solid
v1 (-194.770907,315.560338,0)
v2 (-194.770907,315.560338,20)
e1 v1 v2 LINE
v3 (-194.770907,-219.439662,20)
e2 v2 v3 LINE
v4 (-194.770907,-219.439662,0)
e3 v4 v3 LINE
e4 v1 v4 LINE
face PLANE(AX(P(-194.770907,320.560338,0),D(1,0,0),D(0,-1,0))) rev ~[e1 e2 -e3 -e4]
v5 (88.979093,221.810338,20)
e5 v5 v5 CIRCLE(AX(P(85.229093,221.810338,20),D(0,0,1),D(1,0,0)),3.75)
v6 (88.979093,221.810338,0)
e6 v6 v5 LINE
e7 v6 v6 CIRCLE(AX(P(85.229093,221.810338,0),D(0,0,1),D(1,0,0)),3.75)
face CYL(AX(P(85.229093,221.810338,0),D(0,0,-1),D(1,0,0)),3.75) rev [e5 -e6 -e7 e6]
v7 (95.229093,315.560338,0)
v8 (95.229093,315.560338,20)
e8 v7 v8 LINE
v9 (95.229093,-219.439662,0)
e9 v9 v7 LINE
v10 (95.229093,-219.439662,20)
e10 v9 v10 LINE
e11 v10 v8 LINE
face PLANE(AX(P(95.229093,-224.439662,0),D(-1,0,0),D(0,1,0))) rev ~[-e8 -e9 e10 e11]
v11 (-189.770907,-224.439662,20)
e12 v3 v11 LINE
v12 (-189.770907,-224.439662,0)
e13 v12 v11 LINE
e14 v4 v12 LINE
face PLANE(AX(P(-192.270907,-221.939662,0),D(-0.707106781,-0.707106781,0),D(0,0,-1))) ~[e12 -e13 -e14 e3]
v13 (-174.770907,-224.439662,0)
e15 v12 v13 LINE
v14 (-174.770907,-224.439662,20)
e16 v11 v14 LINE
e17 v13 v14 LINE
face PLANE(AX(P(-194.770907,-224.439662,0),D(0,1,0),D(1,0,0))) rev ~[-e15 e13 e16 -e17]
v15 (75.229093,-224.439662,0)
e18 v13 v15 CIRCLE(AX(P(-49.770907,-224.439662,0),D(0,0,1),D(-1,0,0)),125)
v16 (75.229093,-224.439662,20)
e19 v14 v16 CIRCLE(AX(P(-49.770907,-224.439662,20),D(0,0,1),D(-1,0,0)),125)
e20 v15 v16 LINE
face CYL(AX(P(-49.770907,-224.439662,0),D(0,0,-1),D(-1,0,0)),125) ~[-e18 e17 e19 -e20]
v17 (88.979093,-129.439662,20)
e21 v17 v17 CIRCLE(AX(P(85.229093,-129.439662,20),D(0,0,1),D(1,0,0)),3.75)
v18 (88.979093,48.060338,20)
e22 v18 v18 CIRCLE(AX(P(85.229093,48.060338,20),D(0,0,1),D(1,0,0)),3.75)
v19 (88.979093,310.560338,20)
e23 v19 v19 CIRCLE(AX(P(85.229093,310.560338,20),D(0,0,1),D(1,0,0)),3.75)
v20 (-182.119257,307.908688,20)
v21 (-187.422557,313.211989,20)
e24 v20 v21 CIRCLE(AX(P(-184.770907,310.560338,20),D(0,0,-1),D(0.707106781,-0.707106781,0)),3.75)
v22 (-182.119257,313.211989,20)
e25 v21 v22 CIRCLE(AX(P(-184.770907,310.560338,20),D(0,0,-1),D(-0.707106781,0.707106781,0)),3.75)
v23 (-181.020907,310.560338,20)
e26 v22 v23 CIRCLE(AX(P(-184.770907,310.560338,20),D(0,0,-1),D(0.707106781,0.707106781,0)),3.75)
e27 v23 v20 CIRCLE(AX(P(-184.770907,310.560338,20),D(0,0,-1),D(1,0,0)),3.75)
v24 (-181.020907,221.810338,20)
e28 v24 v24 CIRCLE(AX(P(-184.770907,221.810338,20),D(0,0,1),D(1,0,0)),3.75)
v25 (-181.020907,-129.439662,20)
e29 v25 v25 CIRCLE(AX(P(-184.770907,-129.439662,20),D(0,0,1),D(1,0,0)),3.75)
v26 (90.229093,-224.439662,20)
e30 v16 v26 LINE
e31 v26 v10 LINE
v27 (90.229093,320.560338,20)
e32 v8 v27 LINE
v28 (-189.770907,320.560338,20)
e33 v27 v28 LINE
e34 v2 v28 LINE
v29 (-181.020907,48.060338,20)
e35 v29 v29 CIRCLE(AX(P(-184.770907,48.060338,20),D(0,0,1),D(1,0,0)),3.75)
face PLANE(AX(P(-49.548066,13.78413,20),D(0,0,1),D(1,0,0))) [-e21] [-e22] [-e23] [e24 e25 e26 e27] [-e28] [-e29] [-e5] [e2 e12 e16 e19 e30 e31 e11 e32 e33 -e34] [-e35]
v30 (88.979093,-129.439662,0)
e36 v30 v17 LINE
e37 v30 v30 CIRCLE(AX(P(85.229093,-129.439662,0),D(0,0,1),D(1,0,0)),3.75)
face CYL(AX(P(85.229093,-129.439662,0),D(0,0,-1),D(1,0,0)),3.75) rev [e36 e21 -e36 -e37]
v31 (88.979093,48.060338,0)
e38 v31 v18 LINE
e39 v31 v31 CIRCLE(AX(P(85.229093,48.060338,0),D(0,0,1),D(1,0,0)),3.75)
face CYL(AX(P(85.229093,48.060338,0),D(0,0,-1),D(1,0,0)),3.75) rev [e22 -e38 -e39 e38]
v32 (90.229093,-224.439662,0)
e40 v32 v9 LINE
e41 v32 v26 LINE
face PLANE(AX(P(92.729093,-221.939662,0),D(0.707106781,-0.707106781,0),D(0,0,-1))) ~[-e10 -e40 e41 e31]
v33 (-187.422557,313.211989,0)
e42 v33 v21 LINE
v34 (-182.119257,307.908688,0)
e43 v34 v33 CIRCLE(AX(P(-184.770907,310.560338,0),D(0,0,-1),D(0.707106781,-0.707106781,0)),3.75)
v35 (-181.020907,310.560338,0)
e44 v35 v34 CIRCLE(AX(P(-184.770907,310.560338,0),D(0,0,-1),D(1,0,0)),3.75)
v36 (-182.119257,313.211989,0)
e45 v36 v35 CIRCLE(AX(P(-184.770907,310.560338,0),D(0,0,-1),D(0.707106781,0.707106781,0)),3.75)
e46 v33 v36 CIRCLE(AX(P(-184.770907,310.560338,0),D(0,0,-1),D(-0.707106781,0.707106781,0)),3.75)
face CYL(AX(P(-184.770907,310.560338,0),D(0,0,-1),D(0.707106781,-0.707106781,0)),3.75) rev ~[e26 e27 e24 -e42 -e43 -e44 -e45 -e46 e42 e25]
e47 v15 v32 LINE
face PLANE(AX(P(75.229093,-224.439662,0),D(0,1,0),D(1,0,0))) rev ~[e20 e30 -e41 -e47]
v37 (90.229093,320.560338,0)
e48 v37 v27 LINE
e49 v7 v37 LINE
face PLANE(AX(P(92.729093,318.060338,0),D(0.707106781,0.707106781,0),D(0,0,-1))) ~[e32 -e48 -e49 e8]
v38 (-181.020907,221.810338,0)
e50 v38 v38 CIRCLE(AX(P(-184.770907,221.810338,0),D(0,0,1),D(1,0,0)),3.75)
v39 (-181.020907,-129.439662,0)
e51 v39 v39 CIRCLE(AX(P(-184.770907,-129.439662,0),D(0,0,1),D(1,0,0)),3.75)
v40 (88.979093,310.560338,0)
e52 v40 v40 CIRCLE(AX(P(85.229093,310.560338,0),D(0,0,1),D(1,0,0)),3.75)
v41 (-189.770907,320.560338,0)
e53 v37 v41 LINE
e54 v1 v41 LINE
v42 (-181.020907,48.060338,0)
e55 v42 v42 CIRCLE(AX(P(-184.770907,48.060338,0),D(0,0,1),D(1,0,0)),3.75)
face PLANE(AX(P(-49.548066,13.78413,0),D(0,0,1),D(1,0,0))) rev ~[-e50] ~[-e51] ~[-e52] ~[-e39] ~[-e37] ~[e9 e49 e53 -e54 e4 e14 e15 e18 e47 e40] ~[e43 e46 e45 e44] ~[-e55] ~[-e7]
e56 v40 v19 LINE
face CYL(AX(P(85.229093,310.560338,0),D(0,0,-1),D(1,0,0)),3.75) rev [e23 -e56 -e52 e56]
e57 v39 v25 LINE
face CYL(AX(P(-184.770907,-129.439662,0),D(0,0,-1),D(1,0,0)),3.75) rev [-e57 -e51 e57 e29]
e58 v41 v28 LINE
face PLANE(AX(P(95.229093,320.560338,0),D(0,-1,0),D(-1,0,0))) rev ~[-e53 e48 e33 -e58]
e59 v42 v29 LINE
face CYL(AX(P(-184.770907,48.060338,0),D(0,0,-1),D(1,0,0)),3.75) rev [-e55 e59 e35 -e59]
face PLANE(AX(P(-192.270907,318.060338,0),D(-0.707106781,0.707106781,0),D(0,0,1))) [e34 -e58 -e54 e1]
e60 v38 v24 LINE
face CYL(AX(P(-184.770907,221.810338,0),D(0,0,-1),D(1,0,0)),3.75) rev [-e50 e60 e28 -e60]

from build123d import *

# Parameters (mm, degrees)
F0_R     = 3.75
F1_DEPTH = 20
F2_SIZE  = 5


with BuildPart() as f1:
    # F0 (on Top) → F1 (new body)
    with BuildSketch(Plane.XY):
        with BuildLine():
            Line((75.2290930078, -224.4396618605), (95.2290930078, -224.4396618605))
            Line((95.2290930078, -224.4396618605), (95.2290930078, 320.5603381395))
            Line((95.2290930078, 320.5603381395), (-174.7709069922, 320.5603381395))
            Line((-174.7709069922, 320.5603381395), (-174.7709069922, 300.5603381395))
            Line((-174.7709069922, 300.5603381395), (-194.7709069922, 300.5603381395))
            Line((-194.7709069922, 300.5603381395), (-194.7709069922, -224.4396618605))
            Line((-194.7709069922, -224.4396618605), (-174.7709069922, -224.4396618605))
            ThreePointArc((-174.7709069922, -224.4396618605), (-138.1592546406, -312.8280095088), (-49.7709069922, -349.4396618605))
            ThreePointArc((-49.7709069922, -349.4396618605), (38.6174406561, -312.8280095088), (75.2290930078, -224.4396618605))
        make_face()
        with Locations((-184.7709069922, -129.4396618605)):
            Circle(F0_R, mode=Mode.SUBTRACT)
        with Locations((85.2290930078, -129.4396618605)):
            Circle(F0_R, mode=Mode.SUBTRACT)
        with Locations((-184.7709069922, 48.0603381395)):
            Circle(F0_R, mode=Mode.SUBTRACT)
        with Locations((-184.7709069922, 221.8103381395)):
            Circle(F0_R, mode=Mode.SUBTRACT)
        with Locations((85.2290930078, 48.0603381395)):
            Circle(F0_R, mode=Mode.SUBTRACT)
        with Locations((85.2290930078, 221.8103381395)):
            Circle(F0_R, mode=Mode.SUBTRACT)
        with Locations((85.2290930078, 310.5603381395)):
            Circle(F0_R, mode=Mode.SUBTRACT)
        with BuildLine():
            Line((-182.1192565628, 313.211988569), (-174.7709069922, 320.5603381395))
            Line((-174.7709069922, 320.5603381395), (-194.7709069922, 320.5603381395))
            Line((-194.7709069922, 320.5603381395), (-187.4225574217, 313.211988569))
            ThreePointArc((-187.4225574217, 313.211988569), (-184.7709069922, 314.3103381395), (-182.1192565628, 313.211988569))
        make_face()
        with BuildLine():
            Line((-174.7709069922, 300.5603381395), (-174.7709069922, 320.5603381395))
            Line((-174.7709069922, 320.5603381395), (-182.1192565628, 313.211988569))
            ThreePointArc((-182.1192565628, 313.211988569), (-181.3063587453, 311.9954010109), (-181.0209069922, 310.5603381395))
            ThreePointArc((-181.0209069922, 310.5603381395), (-181.3063587453, 309.1252752682), (-182.1192565628, 307.9086877101))
            Line((-182.1192565628, 307.9086877101), (-174.7709069922, 300.5603381395))
        make_face()
        with BuildLine():
            Line((-187.4225574217, 313.211988569), (-194.7709069922, 320.5603381395))
            Line((-194.7709069922, 320.5603381395), (-194.7709069922, 300.5603381395))
            Line((-194.7709069922, 300.5603381395), (-187.4225574217, 307.9086877101))
            ThreePointArc((-187.4225574217, 307.9086877101), (-188.5209069922, 310.5603381395), (-187.4225574217, 313.211988569))
        make_face()
        with BuildLine():
            Line((-194.7709069922, 300.5603381395), (-174.7709069922, 300.5603381395))
            Line((-174.7709069922, 300.5603381395), (-182.1192565628, 307.9086877101))
            ThreePointArc((-182.1192565628, 307.9086877101), (-184.7709069922, 306.8103381395), (-187.4225574217, 307.9086877101))
            Line((-187.4225574217, 307.9086877101), (-194.7709069922, 300.5603381395))
        make_face()
    extrude(amount=F1_DEPTH)

    # F2
    f2_edges = [f1.edges().sort_by_distance(p)[0] for p in [
        (95.229093, -224.439662, 10),
        (-194.770907, -224.439662, 10),
        (95.229093, 320.560338, 10),
        (-194.770907, 320.560338, 10),
    ]]
    chamfer(f2_edges, length=F2_SIZE)


solid = f1.part
